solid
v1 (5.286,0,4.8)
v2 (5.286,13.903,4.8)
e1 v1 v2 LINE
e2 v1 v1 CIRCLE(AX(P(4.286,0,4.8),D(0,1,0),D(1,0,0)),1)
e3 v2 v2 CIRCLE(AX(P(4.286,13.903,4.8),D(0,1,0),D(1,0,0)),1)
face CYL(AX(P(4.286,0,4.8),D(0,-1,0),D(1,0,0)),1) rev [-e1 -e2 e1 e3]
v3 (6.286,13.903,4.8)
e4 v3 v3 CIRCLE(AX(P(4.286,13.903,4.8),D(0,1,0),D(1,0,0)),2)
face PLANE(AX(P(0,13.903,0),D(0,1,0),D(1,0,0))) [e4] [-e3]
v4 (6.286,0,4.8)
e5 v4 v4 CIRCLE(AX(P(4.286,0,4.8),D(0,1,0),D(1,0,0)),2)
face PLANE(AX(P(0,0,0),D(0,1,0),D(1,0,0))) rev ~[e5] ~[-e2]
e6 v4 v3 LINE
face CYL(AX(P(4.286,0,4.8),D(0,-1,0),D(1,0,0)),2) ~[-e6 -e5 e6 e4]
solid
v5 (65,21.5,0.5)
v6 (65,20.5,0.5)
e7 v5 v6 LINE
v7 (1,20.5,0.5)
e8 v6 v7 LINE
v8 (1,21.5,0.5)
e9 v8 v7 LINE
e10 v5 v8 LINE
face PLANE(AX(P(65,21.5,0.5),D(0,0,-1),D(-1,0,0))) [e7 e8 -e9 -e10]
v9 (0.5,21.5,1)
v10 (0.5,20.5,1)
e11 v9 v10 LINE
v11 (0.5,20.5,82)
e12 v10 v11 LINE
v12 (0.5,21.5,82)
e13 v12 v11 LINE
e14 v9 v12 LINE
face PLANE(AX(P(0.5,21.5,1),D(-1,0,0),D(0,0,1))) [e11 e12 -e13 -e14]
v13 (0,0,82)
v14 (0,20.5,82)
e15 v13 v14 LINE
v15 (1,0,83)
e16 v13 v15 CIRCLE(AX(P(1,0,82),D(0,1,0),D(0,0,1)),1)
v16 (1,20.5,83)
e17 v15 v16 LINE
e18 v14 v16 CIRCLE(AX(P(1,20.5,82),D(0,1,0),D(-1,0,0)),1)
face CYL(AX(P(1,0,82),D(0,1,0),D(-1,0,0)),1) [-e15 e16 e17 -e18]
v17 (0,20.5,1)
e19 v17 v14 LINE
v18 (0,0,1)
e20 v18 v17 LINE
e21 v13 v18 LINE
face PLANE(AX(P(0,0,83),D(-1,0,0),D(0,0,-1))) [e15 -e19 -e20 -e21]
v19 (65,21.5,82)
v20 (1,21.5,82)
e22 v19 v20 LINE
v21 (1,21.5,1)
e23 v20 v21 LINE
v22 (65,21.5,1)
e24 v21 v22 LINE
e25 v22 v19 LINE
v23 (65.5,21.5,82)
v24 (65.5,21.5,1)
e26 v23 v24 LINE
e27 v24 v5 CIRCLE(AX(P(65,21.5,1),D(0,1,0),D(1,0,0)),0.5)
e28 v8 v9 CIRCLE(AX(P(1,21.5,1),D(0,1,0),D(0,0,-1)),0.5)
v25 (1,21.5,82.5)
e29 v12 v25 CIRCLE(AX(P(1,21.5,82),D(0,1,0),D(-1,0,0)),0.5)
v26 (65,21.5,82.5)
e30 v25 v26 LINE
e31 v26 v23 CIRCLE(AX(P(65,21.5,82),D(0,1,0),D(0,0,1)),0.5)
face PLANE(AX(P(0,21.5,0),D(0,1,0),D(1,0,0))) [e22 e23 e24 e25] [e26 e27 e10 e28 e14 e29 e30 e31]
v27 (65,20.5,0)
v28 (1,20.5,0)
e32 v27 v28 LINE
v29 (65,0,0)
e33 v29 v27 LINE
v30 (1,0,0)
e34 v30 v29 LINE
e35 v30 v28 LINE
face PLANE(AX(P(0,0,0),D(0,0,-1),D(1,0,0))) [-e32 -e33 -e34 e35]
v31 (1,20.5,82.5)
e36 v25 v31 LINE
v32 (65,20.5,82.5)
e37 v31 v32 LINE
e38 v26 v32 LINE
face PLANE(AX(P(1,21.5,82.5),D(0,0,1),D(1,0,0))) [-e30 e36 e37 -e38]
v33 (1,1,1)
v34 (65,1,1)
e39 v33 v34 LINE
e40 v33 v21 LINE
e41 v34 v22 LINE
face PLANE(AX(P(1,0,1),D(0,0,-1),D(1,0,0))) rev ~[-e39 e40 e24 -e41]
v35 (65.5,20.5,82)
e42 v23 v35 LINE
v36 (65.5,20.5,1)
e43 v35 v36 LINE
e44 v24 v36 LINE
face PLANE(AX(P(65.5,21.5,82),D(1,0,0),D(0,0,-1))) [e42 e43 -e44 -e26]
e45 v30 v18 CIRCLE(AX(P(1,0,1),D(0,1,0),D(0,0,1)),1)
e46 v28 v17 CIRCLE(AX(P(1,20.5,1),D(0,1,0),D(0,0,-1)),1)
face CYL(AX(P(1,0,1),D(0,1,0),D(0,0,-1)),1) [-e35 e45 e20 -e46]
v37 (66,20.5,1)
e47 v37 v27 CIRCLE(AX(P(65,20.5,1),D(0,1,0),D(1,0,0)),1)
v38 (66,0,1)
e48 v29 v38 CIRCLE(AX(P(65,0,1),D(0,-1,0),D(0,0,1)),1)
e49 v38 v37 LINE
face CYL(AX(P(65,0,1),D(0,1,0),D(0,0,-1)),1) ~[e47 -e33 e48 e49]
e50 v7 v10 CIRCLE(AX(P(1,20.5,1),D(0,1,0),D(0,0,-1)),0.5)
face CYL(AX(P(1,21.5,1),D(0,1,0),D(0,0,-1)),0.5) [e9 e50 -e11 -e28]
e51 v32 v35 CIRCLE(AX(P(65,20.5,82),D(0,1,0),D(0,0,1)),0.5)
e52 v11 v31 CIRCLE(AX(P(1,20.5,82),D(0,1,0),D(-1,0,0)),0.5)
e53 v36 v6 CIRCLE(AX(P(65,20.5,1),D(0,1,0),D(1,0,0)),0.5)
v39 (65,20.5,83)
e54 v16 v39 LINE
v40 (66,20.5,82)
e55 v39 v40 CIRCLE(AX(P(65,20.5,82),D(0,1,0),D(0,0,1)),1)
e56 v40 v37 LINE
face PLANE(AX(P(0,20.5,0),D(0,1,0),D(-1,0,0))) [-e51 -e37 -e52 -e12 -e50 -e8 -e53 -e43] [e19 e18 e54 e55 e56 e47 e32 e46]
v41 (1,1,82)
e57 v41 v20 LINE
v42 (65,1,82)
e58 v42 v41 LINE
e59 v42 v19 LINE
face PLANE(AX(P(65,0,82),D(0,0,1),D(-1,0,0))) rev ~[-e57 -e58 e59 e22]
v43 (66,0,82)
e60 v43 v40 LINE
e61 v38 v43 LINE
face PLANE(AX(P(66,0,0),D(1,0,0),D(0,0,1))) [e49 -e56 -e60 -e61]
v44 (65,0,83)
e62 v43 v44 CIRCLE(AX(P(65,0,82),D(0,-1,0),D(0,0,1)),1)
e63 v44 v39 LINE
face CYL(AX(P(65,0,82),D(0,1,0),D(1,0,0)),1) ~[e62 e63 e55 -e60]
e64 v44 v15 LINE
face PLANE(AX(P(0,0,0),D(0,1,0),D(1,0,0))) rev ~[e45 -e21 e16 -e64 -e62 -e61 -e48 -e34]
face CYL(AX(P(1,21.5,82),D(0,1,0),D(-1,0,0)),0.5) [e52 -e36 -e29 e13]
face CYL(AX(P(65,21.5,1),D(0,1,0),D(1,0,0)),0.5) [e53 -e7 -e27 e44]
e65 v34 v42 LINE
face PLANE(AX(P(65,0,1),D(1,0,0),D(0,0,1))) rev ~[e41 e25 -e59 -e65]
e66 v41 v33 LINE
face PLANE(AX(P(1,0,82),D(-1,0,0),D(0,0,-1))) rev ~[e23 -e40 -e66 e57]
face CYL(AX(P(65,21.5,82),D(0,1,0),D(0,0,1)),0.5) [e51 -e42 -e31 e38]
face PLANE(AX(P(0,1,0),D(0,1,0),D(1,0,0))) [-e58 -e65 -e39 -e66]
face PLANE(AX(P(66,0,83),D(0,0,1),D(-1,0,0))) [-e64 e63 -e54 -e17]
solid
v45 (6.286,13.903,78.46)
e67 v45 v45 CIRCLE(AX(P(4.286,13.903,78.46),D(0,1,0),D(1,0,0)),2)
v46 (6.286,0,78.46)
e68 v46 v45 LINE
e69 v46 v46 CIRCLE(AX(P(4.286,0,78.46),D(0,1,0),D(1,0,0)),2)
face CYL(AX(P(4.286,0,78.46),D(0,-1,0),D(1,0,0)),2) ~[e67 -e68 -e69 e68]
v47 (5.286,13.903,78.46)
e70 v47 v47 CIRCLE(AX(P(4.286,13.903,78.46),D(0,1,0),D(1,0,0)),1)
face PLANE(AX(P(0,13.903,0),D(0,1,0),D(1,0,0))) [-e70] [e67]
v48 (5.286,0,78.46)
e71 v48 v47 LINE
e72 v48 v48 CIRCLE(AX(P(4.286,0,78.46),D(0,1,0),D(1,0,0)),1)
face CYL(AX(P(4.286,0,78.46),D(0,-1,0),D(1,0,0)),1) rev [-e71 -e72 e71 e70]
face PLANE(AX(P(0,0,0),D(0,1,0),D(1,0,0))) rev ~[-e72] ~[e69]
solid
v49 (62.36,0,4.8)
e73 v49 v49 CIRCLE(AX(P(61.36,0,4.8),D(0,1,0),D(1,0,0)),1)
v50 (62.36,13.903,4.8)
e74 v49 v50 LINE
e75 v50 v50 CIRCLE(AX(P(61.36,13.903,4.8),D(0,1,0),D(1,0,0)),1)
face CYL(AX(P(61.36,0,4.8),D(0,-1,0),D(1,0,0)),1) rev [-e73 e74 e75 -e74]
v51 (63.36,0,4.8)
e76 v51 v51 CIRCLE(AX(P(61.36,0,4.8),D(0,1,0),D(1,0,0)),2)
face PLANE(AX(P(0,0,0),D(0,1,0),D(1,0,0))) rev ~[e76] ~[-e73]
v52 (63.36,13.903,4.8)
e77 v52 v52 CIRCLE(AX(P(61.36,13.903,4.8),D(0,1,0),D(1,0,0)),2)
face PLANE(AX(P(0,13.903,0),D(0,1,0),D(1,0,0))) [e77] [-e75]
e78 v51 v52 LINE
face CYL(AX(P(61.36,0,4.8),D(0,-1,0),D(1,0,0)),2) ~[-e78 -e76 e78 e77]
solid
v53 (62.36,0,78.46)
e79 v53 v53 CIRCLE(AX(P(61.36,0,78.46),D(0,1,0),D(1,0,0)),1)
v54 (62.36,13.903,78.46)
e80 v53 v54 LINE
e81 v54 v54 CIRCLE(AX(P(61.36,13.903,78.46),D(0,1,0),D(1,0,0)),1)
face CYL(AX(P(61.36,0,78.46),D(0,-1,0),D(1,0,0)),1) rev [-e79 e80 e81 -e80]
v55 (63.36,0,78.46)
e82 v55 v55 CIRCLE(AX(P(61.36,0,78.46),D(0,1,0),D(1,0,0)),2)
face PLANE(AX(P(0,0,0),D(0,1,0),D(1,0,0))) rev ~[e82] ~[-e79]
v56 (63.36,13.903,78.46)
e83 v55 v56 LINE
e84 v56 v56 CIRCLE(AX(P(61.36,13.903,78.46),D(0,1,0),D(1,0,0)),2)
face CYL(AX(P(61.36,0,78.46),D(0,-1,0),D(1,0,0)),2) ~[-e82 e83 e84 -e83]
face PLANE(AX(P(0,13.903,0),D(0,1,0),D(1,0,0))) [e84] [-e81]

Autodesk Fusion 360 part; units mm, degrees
sketch "Sketch1" plane through (0, 0, 0) normal (0, 1, 0) x (1, 0, 0)
  line L0 (0, 0) -> (66, 0)
  line L1 (66, 0) -> (66, -83)
  line L2 (66, -83) -> (0, -83)
  line L3 (0, -83) -> (0, 0)
  circle A0 centre (4.286, -4.8) radius 2
  circle A1 centre (4.286, -4.8) radius 1
  circle A2 centre (61.36, -4.8) radius 2
  circle A3 centre (61.36, -4.8) radius 1
  circle A4 centre (4.286, -78.46) radius 2
  circle A5 centre (4.286, -78.46) radius 1
  circle A6 centre (61.36, -78.46) radius 2
  circle A7 centre (61.36, -78.46) radius 1
  line L4 (65, -82) -> (1, -82)
  line L5 (1, -82) -> (1, -1)
  line L6 (1, -1) -> (65, -1)
  line L7 (65, -1) -> (65, -82)
  dimension "d1" = 66
  dimension "d2" = 83
  dimension "d5" = 4
  dimension "d6" = 2
  dimension "d8" = 4
  dimension "d9" = 2
  dimension "d11" = 4
  dimension "d12" = 2
  dimension "d14" = 4
  dimension "d15" = 2
  dimension "d16" = 1
extrude "Extrude1" add sketch "Sketch1" along normal blind 21.5 contours L0 L1 L2 L3 makes body 1
extrude "Extrude2" add sketch "Sketch1" along normal blind 1 contours A0 | A1 | A2 | A3 | A4 | A5 | A6 | A7 | L4 L5 L6 L7 bodies 1
extrude "Extrude3" add sketch "Sketch1" along normal blind 13.903 separate body contours A0 | A2 | A4 | A6 makes body 2 at (63.3501, 4.6343, 4.9991) makes body 3 at (2.443, 9.2687, 79.2369) makes body 4 at (6.2761, 4.6343, 4.9991) makes body 5 at (63.3203, 9.2687, 78.8563)
fillet "Fillet1" radius 1 4 edges at (0, 10.75, 0) (66, 10.75, 0) (66, 10.75, 83) (0, 10.75, 83) on bodies 1
sketch "Sketch2" plane through (0, 21.5, 0) normal (0, 1, 0) x (-1, 0, 0)
  arc A0 (0, 82) -> (-1, 83) centre (-1, 82) ccw
  line L0 (-1, 83) -> (-65, 83)
  arc A1 (-65, 83) -> (-66, 82) centre (-65, 82) ccw
  line L1 (-66, 82) -> (-66, 1)
  arc A2 (-66, 1) -> (-65, 0) centre (-65, 1) ccw
  line L2 (-65, 0) -> (-1, 0)
  arc A3 (-1, 0) -> (0, 1) centre (-1, 1) ccw
  line L3 (0, 1) -> (0, 82)
  line L4 (-1, 1) -> (-65, 1)
  line L5 (-65, 1) -> (-65, 82)
  line L6 (-65, 82) -> (-1, 82)
  line L7 (-1, 82) -> (-1, 1)
  arc A4 (-65, 82.5) -> (-65.5, 82) centre (-65, 82) ccw
  line L8 (-65.5, 82) -> (-65.5, 1)
  arc A5 (-65.5, 1) -> (-65, 0.5) centre (-65, 1) ccw
  line L9 (-65, 0.5) -> (-1, 0.5)
  arc A6 (-1, 0.5) -> (-0.5, 1) centre (-1, 1) ccw
  line L10 (-0.5, 1) -> (-0.5, 82)
  arc A7 (-0.5, 82) -> (-1, 82.5) centre (-1, 82) ccw
  line L11 (-1, 82.5) -> (-65, 82.5)
  dimension "d25" = -0.5
extrude "Extrude4" cut sketch "Sketch2" against normal blind 1 contours A0 L0 A1 L1 A2 L2 A3 L3 bodies 1
